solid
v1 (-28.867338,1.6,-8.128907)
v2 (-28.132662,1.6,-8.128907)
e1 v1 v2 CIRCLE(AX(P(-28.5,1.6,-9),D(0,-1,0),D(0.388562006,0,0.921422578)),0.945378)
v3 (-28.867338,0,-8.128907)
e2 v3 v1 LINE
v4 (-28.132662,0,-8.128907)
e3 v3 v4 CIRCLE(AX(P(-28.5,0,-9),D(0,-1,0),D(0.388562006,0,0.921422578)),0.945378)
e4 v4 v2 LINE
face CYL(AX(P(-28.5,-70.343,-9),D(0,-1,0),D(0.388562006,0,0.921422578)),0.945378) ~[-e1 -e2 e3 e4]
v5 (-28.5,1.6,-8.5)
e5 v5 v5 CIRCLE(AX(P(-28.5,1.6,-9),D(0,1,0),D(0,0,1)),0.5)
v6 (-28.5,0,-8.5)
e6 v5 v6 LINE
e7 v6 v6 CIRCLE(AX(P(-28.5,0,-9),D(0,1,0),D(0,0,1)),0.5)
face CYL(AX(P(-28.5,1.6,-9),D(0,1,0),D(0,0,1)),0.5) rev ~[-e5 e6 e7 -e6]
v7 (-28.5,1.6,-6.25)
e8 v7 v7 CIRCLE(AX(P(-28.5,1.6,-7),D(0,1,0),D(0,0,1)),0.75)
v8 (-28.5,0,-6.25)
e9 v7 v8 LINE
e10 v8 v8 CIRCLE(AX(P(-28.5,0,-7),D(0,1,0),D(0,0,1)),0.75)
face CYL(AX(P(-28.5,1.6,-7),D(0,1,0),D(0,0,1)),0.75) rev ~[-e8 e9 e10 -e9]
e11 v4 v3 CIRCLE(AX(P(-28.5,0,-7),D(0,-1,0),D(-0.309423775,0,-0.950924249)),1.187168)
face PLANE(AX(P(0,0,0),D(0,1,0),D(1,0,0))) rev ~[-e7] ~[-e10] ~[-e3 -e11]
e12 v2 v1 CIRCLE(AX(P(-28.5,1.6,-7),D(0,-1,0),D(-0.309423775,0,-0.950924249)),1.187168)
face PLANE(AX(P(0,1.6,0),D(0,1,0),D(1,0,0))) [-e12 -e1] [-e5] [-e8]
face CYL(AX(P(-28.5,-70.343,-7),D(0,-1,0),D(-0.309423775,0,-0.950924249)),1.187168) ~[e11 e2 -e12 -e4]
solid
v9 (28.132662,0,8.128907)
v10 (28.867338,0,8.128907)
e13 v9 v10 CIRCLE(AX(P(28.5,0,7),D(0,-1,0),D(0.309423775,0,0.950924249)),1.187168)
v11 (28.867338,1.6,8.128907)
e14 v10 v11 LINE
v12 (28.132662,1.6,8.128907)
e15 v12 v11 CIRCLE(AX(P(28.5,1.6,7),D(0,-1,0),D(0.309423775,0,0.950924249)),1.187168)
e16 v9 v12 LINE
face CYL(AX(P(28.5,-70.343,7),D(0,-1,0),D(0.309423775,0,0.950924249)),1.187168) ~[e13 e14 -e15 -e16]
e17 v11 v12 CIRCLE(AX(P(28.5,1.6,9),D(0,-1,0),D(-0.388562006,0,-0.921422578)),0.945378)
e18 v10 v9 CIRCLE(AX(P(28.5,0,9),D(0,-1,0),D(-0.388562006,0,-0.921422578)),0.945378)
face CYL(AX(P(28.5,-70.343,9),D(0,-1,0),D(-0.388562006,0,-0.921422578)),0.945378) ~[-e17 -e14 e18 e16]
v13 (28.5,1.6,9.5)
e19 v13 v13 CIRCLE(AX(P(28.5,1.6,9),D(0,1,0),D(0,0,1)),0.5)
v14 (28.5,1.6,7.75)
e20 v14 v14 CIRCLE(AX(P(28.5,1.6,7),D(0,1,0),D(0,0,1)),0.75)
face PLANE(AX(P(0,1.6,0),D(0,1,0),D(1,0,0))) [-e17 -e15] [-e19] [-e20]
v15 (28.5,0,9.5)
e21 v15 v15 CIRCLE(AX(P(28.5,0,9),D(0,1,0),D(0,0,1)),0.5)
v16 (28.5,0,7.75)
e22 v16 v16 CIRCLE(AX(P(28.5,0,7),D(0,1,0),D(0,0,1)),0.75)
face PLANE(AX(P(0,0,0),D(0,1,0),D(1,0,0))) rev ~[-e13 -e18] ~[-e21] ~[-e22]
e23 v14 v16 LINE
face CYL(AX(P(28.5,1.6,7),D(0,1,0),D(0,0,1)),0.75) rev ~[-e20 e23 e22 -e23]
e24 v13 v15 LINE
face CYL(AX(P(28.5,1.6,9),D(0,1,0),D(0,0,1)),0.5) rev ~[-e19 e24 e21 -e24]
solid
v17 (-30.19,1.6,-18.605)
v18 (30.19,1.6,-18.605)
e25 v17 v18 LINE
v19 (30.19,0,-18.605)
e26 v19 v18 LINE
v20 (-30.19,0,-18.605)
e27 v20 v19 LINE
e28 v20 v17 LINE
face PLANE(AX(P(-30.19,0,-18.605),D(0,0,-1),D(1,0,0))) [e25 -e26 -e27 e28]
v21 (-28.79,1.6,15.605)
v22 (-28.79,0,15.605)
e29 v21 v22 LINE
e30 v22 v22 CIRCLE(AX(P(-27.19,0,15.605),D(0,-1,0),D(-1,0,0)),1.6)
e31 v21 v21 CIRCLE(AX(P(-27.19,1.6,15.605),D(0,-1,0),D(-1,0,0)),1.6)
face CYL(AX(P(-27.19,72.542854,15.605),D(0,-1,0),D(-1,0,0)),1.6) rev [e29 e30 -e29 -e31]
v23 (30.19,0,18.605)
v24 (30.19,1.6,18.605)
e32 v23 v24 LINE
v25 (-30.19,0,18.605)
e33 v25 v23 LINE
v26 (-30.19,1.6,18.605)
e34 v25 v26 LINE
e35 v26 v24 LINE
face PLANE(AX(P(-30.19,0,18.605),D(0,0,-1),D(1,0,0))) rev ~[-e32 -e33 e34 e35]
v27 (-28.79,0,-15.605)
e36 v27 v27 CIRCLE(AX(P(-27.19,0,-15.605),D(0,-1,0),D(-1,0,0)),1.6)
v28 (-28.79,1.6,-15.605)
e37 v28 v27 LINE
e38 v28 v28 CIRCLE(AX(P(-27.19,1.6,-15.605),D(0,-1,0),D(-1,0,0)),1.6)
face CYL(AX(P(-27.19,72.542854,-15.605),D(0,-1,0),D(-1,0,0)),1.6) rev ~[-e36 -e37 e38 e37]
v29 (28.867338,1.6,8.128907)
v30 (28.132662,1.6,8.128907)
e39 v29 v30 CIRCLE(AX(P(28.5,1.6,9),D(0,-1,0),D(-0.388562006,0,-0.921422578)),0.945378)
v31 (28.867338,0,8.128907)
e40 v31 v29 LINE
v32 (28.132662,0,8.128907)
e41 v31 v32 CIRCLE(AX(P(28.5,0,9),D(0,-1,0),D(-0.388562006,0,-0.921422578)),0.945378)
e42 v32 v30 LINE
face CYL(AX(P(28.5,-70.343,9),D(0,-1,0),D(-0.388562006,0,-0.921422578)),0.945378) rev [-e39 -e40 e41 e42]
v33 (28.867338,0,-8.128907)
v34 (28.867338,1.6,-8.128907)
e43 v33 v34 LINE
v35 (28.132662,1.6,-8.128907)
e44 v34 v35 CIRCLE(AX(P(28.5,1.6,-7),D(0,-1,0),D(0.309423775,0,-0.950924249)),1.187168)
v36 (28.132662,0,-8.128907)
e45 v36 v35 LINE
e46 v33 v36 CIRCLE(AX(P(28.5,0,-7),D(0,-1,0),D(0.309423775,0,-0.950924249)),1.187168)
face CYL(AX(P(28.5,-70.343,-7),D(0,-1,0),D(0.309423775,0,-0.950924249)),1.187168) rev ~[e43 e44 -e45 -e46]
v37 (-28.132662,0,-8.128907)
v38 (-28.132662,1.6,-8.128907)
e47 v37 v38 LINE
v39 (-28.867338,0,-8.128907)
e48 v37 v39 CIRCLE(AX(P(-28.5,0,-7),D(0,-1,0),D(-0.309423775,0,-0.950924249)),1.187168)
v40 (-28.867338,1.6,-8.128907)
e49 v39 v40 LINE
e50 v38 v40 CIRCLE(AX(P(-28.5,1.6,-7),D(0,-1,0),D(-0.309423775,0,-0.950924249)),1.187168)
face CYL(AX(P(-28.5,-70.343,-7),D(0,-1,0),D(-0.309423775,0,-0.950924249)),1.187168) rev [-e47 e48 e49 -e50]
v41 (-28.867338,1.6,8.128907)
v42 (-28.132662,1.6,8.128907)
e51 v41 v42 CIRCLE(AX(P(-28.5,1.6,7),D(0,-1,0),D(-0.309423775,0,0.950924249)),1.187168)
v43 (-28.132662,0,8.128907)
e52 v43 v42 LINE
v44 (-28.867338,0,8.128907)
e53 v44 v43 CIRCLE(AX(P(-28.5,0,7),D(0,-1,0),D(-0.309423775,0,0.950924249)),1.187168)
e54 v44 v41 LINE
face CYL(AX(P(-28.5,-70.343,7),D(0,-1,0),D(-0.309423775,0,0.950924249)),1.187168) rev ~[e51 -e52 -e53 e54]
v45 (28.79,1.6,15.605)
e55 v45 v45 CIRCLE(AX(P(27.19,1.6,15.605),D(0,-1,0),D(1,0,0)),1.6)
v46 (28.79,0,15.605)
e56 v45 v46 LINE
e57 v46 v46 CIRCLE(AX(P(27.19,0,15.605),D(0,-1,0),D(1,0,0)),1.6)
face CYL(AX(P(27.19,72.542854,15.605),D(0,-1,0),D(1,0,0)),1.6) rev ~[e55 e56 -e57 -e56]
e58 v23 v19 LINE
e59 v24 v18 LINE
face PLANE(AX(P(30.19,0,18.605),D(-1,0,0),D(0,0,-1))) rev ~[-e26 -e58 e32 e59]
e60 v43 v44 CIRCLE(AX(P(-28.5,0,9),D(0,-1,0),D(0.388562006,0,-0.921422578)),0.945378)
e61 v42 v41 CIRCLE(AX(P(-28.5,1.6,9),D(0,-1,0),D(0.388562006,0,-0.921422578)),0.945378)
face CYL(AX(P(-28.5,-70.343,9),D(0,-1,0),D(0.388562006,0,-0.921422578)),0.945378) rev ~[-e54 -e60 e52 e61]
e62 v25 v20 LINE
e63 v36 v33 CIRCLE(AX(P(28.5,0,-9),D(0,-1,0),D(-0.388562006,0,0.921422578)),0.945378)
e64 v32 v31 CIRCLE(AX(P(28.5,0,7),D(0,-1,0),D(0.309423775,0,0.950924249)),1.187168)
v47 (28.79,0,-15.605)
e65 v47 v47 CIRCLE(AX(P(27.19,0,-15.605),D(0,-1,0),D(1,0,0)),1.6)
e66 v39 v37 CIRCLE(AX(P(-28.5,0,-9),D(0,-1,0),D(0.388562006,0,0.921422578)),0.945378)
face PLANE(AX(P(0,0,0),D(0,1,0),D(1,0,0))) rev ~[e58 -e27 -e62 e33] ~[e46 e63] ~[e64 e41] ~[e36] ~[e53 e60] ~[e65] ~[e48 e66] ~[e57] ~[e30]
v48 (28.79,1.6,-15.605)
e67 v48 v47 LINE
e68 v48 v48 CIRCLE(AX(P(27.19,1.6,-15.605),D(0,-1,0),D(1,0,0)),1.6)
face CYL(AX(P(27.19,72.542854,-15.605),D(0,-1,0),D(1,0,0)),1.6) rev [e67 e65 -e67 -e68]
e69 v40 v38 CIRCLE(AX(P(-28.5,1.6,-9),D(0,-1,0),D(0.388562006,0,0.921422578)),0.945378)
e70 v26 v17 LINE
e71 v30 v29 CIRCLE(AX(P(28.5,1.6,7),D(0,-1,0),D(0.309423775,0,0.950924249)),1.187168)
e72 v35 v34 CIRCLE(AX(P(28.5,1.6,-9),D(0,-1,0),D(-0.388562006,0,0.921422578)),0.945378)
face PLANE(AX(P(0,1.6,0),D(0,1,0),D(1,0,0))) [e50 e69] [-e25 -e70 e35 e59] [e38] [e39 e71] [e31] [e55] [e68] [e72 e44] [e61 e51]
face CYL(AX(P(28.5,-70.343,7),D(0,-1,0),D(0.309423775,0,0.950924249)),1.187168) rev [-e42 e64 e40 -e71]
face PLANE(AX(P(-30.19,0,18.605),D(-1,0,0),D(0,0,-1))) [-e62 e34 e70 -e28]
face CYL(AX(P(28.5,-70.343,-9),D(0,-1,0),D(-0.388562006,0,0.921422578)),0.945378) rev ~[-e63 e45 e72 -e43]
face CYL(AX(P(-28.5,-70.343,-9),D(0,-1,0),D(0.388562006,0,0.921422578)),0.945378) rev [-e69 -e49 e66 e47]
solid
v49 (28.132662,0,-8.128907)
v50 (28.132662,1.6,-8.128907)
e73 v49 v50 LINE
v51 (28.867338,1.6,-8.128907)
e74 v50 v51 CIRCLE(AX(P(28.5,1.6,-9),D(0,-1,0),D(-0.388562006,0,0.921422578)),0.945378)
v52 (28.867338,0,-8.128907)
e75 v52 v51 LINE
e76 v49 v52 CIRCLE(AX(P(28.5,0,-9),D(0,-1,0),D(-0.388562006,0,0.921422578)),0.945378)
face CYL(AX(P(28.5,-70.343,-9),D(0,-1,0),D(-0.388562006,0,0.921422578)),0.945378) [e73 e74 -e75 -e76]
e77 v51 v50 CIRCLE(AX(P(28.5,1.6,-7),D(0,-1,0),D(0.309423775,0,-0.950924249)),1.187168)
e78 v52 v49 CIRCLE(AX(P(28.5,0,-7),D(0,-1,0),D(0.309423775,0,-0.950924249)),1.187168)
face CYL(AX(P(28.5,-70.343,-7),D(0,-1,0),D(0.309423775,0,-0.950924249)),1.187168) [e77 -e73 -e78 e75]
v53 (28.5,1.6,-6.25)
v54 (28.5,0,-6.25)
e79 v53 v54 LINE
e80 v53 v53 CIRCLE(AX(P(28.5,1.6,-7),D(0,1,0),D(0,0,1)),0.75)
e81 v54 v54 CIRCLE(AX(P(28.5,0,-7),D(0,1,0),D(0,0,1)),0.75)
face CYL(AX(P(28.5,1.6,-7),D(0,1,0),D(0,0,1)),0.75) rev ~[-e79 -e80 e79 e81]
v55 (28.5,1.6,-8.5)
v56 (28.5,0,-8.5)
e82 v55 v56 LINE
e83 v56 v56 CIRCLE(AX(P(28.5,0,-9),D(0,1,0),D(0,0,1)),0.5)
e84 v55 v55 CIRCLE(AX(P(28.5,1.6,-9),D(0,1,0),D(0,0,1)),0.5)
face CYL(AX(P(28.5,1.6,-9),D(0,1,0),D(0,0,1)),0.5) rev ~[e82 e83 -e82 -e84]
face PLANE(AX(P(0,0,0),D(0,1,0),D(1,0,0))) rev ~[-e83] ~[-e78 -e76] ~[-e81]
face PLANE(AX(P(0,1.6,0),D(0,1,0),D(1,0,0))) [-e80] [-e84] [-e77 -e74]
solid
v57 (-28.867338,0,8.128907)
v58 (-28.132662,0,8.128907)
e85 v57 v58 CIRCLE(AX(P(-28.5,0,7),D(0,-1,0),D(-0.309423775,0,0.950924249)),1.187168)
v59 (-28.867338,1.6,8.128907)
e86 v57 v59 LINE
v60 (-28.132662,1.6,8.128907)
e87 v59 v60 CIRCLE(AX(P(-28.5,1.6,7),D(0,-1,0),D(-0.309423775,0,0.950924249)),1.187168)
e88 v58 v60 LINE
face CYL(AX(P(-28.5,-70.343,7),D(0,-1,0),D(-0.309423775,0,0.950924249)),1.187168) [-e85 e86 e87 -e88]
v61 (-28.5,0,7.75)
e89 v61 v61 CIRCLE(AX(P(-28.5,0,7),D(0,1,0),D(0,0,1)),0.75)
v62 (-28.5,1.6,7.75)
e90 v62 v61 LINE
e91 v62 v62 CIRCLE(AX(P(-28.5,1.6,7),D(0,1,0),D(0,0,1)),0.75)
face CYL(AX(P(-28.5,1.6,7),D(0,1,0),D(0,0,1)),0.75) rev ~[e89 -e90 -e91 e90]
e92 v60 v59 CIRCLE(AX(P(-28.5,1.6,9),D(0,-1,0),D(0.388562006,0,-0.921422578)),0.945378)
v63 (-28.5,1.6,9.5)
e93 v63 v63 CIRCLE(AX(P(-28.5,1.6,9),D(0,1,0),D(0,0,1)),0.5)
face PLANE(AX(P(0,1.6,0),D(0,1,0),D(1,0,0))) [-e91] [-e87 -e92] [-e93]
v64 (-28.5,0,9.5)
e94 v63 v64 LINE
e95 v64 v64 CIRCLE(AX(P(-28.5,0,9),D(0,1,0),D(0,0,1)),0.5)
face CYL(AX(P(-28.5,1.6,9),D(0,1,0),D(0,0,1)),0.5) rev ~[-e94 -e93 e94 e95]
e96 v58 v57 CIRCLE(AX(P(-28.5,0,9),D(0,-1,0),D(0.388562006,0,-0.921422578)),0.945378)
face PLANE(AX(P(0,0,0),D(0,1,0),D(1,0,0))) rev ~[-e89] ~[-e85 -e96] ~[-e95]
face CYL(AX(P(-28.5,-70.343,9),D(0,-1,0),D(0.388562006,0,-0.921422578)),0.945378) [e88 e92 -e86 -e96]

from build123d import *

# Parameters (mm, degrees)
SKETCH1_W                = 60.38
SKETCH1_H                = 37.21
BOSS_EXTRUDE1_DEPTH      = 1.6
M3_CLEARANCE_HOLE1_D     = 3.2
MIRROR2_COPY_1_D         = 3.2
SKETCH4_R                = 0.75
SKETCH4_R_2              = 0.5
CUT_EXTRUDE1_DEPTH       = 36.498480601
SPLIT1_SURFACE_1_1_BACK  = 71.943
SPLIT1_SURFACE_1_1_DEPTH = 143.886
SPLIT1_SURFACE_1_2_BACK  = 71.943
SPLIT1_SURFACE_1_2_DEPTH = 143.886
SPLIT1_SURFACE_2_3_BACK  = 71.943
SPLIT1_SURFACE_2_3_DEPTH = 143.886
SPLIT1_SURFACE_2_4_BACK  = 71.943
SPLIT1_SURFACE_2_4_DEPTH = 143.886
SPLIT1_SURFACE_3_5_BACK  = 71.943
SPLIT1_SURFACE_3_5_DEPTH = 143.886
SPLIT1_SURFACE_3_6_BACK  = 71.943
SPLIT1_SURFACE_3_6_DEPTH = 143.886
SPLIT1_SURFACE_4_7_BACK  = 71.943
SPLIT1_SURFACE_4_7_DEPTH = 143.886
SPLIT1_SURFACE_4_8_BACK  = 71.943
SPLIT1_SURFACE_4_8_DEPTH = 143.886


with BuildPart() as part:
    # Sketch1 → Boss-Extrude1 (new body)
    with BuildSketch(Plane(origin=(0, 0, 0), x_dir=(1, 0, 0), z_dir=(0, 1, 0))):
        Rectangle(SKETCH1_W, SKETCH1_H)
    extrude(amount=BOSS_EXTRUDE1_DEPTH)

    # M3 Clearance Hole1 (through all)
    with Locations(Plane(origin=(0, 1.6, 0), x_dir=(1, 0, 0), z_dir=(0, 1, 0))):
        with Locations((-27.19, 15.605)):
            m3_clearance_hole1 = Hole(M3_CLEARANCE_HOLE1_D / 2)

    # Mirror1: M3 Clearance Hole1 across plane
    add(m3_clearance_hole1.mirror(Plane(origin=(0, 0, 0), x_dir=(0, 0, 1), z_dir=(1, 0, 0))), mode=Mode.SUBTRACT)

    # Mirror2: M3 Clearance Hole1 across plane
    add(m3_clearance_hole1.mirror(Plane.XY), mode=Mode.SUBTRACT)

    # Mirror2 copy 1 (through all)
    with Locations(Plane(origin=(0, 1.6, 0), x_dir=(-1, 0, 0), z_dir=(0, 1, 0))):
        with Locations((-27.19, 15.605)):
            Hole(MIRROR2_COPY_1_D / 2)

    # Sketch4 → Cut-Extrude1 (cut, through all)
    with BuildSketch(Plane(origin=(0, 1.6, 0), x_dir=(1, 0, 0), z_dir=(0, 1, 0))):
        with Locations(Location((28.5, 7, 0), (0, 0, 270))):
            Circle(SKETCH4_R)
        with Locations(Location((28.5, -7, 0), (0, 0, 270))):
            Circle(SKETCH4_R)
        with Locations(Location((-28.5, -7, 0), (0, 0, 270))):
            Circle(SKETCH4_R)
        with Locations(Location((-28.5, 7, 0), (0, 0, 270))):
            Circle(SKETCH4_R)
        with Locations(Location((-28.5, 9, 0), (0, 0, 270))):
            Circle(SKETCH4_R_2)
        with Locations(Location((28.5, 9, 0), (0, 0, 270))):
            Circle(SKETCH4_R_2)
        with Locations(Location((28.5, -9, 0), (0, 0, 270))):
            Circle(SKETCH4_R_2)
        with Locations(Location((-28.5, -9, 0), (0, 0, 270))):
            Circle(SKETCH4_R_2)
    extrude(amount=-CUT_EXTRUDE1_DEPTH, mode=Mode.SUBTRACT)


with BuildPart() as body_2:
    # Split1: the piece behind the surface
    add(part.part)
    # Split1 surface 1: a surface, the sketch's curves swept straight by 143.886 mm
    with BuildLine(Plane(origin=(0, 1.6, 0), x_dir=(1, 0, 0), z_dir=(0, 1, 0)).offset(-SPLIT1_SURFACE_1_1_BACK), mode=Mode.PRIVATE) as split1_surface_1_1_path:
        ThreePointArc((-28.867338087, 8.128907093), (-28.5, 5.812831733), (-28.132661913, 8.128907093))
        ThreePointArc((-28.132661913, 8.128907093), (-28.5, 9.945378296), (-28.867338087, 8.128907093))
    split1_surface_1_1 = Shell.extrude(split1_surface_1_1_path.wire(), (0 * SPLIT1_SURFACE_1_1_DEPTH, 1 * SPLIT1_SURFACE_1_1_DEPTH, 0 * SPLIT1_SURFACE_1_1_DEPTH))
    split(bisect_by=split1_surface_1_1, keep=Keep.BOTTOM)


with BuildPart() as part_1:
    add(part.part)

    # Split1: split by a surface, the side it looks to stays
    # Split1 surface 1: a surface, the sketch's curves swept straight by 143.886 mm
    with BuildLine(Plane(origin=(0, 1.6, 0), x_dir=(1, 0, 0), z_dir=(0, 1, 0)).offset(-SPLIT1_SURFACE_1_2_BACK), mode=Mode.PRIVATE) as split1_surface_1_2_path:
        ThreePointArc((-28.867338087, 8.128907093), (-28.5, 5.812831733), (-28.132661913, 8.128907093))
        ThreePointArc((-28.132661913, 8.128907093), (-28.5, 9.945378296), (-28.867338087, 8.128907093))
    split1_surface_1_2 = Shell.extrude(split1_surface_1_2_path.wire(), (0 * SPLIT1_SURFACE_1_2_DEPTH, 1 * SPLIT1_SURFACE_1_2_DEPTH, 0 * SPLIT1_SURFACE_1_2_DEPTH))
    split(bisect_by=split1_surface_1_2, keep=Keep.TOP)


with BuildPart() as body_3:
    # Split1 2 body 2: the piece behind the surface
    add(body_2.part)
    # Split1 surface 2: a surface, the sketch's curves swept straight by 143.886 mm
    with BuildLine(Plane(origin=(0, 1.6, 0), x_dir=(1, 0, 0), z_dir=(0, 1, 0)).offset(-SPLIT1_SURFACE_2_3_BACK), mode=Mode.PRIVATE) as split1_surface_2_3_path:
        ThreePointArc((28.132661913, 8.128907093), (28.5, 9.945378296), (28.867338087, 8.128907093))
        ThreePointArc((28.867338087, 8.128907093), (28.5, 5.812831733), (28.132661913, 8.128907093))
    split1_surface_2_3 = Shell.extrude(split1_surface_2_3_path.wire(), (0 * SPLIT1_SURFACE_2_3_DEPTH, 1 * SPLIT1_SURFACE_2_3_DEPTH, 0 * SPLIT1_SURFACE_2_3_DEPTH))
    split(bisect_by=split1_surface_2_3, keep=Keep.BOTTOM)


with BuildPart() as body_2_1:
    add(body_2.part)

    # Split1 2 body 2: split by a surface, the side it looks to stays
    # Split1 surface 2: a surface, the sketch's curves swept straight by 143.886 mm
    with BuildLine(Plane(origin=(0, 1.6, 0), x_dir=(1, 0, 0), z_dir=(0, 1, 0)).offset(-SPLIT1_SURFACE_2_4_BACK), mode=Mode.PRIVATE) as split1_surface_2_4_path:
        ThreePointArc((28.132661913, 8.128907093), (28.5, 9.945378296), (28.867338087, 8.128907093))
        ThreePointArc((28.867338087, 8.128907093), (28.5, 5.812831733), (28.132661913, 8.128907093))
    split1_surface_2_4 = Shell.extrude(split1_surface_2_4_path.wire(), (0 * SPLIT1_SURFACE_2_4_DEPTH, 1 * SPLIT1_SURFACE_2_4_DEPTH, 0 * SPLIT1_SURFACE_2_4_DEPTH))
    split(bisect_by=split1_surface_2_4, keep=Keep.TOP)


with BuildPart() as body_4:
    # Split1 3 body 2: the piece behind the surface
    add(body_2_1.part)
    # Split1 surface 3: a surface, the sketch's curves swept straight by 143.886 mm
    with BuildLine(Plane(origin=(0, 1.6, 0), x_dir=(1, 0, 0), z_dir=(0, 1, 0)).offset(-SPLIT1_SURFACE_3_5_BACK), mode=Mode.PRIVATE) as split1_surface_3_5_path:
        ThreePointArc((-28.132661913, -8.128907093), (-28.5, -9.945378296), (-28.867338087, -8.128907093))
        ThreePointArc((-28.867338087, -8.128907093), (-28.5, -5.812831733), (-28.132661913, -8.128907093))
    split1_surface_3_5 = Shell.extrude(split1_surface_3_5_path.wire(), (0 * SPLIT1_SURFACE_3_5_DEPTH, 1 * SPLIT1_SURFACE_3_5_DEPTH, 0 * SPLIT1_SURFACE_3_5_DEPTH))
    split(bisect_by=split1_surface_3_5, keep=Keep.BOTTOM)


with BuildPart() as body_2_2:
    add(body_2_1.part)

    # Split1 3 body 2: split by a surface, the side it looks to stays
    # Split1 surface 3: a surface, the sketch's curves swept straight by 143.886 mm
    with BuildLine(Plane(origin=(0, 1.6, 0), x_dir=(1, 0, 0), z_dir=(0, 1, 0)).offset(-SPLIT1_SURFACE_3_6_BACK), mode=Mode.PRIVATE) as split1_surface_3_6_path:
        ThreePointArc((-28.132661913, -8.128907093), (-28.5, -9.945378296), (-28.867338087, -8.128907093))
        ThreePointArc((-28.867338087, -8.128907093), (-28.5, -5.812831733), (-28.132661913, -8.128907093))
    split1_surface_3_6 = Shell.extrude(split1_surface_3_6_path.wire(), (0 * SPLIT1_SURFACE_3_6_DEPTH, 1 * SPLIT1_SURFACE_3_6_DEPTH, 0 * SPLIT1_SURFACE_3_6_DEPTH))
    split(bisect_by=split1_surface_3_6, keep=Keep.TOP)


with BuildPart() as body_5_2:
    # Split1 4 body 2: the piece behind the surface
    add(body_2_2.part)
    # Split1 surface 4: a surface, the sketch's curves swept straight by 143.886 mm
    with BuildLine(Plane(origin=(0, 1.6, 0), x_dir=(1, 0, 0), z_dir=(0, 1, 0)).offset(-SPLIT1_SURFACE_4_7_BACK), mode=Mode.PRIVATE) as split1_surface_4_7_path:
        ThreePointArc((28.867338087, -8.128907093), (28.5, -5.812831733), (28.132661913, -8.128907093))
        ThreePointArc((28.132661913, -8.128907093), (28.5, -9.945378296), (28.867338087, -8.128907093))
    split1_surface_4_7 = Shell.extrude(split1_surface_4_7_path.wire(), (0 * SPLIT1_SURFACE_4_7_DEPTH, 1 * SPLIT1_SURFACE_4_7_DEPTH, 0 * SPLIT1_SURFACE_4_7_DEPTH))
    split(bisect_by=split1_surface_4_7, keep=Keep.BOTTOM)


with BuildPart() as body_2_3:
    add(body_2_2.part)

    # Split1 4 body 2: split by a surface, the side it looks to stays
    # Split1 surface 4: a surface, the sketch's curves swept straight by 143.886 mm
    with BuildLine(Plane(origin=(0, 1.6, 0), x_dir=(1, 0, 0), z_dir=(0, 1, 0)).offset(-SPLIT1_SURFACE_4_8_BACK), mode=Mode.PRIVATE) as split1_surface_4_8_path:
        ThreePointArc((28.867338087, -8.128907093), (28.5, -5.812831733), (28.132661913, -8.128907093))
        ThreePointArc((28.132661913, -8.128907093), (28.5, -9.945378296), (28.867338087, -8.128907093))
    split1_surface_4_8 = Shell.extrude(split1_surface_4_8_path.wire(), (0 * SPLIT1_SURFACE_4_8_DEPTH, 1 * SPLIT1_SURFACE_4_8_DEPTH, 0 * SPLIT1_SURFACE_4_8_DEPTH))
    split(bisect_by=split1_surface_4_8, keep=Keep.TOP)


solid = Compound([part_1.part, body_3.part, body_4.part, body_5_2.part, body_2_3.part])
